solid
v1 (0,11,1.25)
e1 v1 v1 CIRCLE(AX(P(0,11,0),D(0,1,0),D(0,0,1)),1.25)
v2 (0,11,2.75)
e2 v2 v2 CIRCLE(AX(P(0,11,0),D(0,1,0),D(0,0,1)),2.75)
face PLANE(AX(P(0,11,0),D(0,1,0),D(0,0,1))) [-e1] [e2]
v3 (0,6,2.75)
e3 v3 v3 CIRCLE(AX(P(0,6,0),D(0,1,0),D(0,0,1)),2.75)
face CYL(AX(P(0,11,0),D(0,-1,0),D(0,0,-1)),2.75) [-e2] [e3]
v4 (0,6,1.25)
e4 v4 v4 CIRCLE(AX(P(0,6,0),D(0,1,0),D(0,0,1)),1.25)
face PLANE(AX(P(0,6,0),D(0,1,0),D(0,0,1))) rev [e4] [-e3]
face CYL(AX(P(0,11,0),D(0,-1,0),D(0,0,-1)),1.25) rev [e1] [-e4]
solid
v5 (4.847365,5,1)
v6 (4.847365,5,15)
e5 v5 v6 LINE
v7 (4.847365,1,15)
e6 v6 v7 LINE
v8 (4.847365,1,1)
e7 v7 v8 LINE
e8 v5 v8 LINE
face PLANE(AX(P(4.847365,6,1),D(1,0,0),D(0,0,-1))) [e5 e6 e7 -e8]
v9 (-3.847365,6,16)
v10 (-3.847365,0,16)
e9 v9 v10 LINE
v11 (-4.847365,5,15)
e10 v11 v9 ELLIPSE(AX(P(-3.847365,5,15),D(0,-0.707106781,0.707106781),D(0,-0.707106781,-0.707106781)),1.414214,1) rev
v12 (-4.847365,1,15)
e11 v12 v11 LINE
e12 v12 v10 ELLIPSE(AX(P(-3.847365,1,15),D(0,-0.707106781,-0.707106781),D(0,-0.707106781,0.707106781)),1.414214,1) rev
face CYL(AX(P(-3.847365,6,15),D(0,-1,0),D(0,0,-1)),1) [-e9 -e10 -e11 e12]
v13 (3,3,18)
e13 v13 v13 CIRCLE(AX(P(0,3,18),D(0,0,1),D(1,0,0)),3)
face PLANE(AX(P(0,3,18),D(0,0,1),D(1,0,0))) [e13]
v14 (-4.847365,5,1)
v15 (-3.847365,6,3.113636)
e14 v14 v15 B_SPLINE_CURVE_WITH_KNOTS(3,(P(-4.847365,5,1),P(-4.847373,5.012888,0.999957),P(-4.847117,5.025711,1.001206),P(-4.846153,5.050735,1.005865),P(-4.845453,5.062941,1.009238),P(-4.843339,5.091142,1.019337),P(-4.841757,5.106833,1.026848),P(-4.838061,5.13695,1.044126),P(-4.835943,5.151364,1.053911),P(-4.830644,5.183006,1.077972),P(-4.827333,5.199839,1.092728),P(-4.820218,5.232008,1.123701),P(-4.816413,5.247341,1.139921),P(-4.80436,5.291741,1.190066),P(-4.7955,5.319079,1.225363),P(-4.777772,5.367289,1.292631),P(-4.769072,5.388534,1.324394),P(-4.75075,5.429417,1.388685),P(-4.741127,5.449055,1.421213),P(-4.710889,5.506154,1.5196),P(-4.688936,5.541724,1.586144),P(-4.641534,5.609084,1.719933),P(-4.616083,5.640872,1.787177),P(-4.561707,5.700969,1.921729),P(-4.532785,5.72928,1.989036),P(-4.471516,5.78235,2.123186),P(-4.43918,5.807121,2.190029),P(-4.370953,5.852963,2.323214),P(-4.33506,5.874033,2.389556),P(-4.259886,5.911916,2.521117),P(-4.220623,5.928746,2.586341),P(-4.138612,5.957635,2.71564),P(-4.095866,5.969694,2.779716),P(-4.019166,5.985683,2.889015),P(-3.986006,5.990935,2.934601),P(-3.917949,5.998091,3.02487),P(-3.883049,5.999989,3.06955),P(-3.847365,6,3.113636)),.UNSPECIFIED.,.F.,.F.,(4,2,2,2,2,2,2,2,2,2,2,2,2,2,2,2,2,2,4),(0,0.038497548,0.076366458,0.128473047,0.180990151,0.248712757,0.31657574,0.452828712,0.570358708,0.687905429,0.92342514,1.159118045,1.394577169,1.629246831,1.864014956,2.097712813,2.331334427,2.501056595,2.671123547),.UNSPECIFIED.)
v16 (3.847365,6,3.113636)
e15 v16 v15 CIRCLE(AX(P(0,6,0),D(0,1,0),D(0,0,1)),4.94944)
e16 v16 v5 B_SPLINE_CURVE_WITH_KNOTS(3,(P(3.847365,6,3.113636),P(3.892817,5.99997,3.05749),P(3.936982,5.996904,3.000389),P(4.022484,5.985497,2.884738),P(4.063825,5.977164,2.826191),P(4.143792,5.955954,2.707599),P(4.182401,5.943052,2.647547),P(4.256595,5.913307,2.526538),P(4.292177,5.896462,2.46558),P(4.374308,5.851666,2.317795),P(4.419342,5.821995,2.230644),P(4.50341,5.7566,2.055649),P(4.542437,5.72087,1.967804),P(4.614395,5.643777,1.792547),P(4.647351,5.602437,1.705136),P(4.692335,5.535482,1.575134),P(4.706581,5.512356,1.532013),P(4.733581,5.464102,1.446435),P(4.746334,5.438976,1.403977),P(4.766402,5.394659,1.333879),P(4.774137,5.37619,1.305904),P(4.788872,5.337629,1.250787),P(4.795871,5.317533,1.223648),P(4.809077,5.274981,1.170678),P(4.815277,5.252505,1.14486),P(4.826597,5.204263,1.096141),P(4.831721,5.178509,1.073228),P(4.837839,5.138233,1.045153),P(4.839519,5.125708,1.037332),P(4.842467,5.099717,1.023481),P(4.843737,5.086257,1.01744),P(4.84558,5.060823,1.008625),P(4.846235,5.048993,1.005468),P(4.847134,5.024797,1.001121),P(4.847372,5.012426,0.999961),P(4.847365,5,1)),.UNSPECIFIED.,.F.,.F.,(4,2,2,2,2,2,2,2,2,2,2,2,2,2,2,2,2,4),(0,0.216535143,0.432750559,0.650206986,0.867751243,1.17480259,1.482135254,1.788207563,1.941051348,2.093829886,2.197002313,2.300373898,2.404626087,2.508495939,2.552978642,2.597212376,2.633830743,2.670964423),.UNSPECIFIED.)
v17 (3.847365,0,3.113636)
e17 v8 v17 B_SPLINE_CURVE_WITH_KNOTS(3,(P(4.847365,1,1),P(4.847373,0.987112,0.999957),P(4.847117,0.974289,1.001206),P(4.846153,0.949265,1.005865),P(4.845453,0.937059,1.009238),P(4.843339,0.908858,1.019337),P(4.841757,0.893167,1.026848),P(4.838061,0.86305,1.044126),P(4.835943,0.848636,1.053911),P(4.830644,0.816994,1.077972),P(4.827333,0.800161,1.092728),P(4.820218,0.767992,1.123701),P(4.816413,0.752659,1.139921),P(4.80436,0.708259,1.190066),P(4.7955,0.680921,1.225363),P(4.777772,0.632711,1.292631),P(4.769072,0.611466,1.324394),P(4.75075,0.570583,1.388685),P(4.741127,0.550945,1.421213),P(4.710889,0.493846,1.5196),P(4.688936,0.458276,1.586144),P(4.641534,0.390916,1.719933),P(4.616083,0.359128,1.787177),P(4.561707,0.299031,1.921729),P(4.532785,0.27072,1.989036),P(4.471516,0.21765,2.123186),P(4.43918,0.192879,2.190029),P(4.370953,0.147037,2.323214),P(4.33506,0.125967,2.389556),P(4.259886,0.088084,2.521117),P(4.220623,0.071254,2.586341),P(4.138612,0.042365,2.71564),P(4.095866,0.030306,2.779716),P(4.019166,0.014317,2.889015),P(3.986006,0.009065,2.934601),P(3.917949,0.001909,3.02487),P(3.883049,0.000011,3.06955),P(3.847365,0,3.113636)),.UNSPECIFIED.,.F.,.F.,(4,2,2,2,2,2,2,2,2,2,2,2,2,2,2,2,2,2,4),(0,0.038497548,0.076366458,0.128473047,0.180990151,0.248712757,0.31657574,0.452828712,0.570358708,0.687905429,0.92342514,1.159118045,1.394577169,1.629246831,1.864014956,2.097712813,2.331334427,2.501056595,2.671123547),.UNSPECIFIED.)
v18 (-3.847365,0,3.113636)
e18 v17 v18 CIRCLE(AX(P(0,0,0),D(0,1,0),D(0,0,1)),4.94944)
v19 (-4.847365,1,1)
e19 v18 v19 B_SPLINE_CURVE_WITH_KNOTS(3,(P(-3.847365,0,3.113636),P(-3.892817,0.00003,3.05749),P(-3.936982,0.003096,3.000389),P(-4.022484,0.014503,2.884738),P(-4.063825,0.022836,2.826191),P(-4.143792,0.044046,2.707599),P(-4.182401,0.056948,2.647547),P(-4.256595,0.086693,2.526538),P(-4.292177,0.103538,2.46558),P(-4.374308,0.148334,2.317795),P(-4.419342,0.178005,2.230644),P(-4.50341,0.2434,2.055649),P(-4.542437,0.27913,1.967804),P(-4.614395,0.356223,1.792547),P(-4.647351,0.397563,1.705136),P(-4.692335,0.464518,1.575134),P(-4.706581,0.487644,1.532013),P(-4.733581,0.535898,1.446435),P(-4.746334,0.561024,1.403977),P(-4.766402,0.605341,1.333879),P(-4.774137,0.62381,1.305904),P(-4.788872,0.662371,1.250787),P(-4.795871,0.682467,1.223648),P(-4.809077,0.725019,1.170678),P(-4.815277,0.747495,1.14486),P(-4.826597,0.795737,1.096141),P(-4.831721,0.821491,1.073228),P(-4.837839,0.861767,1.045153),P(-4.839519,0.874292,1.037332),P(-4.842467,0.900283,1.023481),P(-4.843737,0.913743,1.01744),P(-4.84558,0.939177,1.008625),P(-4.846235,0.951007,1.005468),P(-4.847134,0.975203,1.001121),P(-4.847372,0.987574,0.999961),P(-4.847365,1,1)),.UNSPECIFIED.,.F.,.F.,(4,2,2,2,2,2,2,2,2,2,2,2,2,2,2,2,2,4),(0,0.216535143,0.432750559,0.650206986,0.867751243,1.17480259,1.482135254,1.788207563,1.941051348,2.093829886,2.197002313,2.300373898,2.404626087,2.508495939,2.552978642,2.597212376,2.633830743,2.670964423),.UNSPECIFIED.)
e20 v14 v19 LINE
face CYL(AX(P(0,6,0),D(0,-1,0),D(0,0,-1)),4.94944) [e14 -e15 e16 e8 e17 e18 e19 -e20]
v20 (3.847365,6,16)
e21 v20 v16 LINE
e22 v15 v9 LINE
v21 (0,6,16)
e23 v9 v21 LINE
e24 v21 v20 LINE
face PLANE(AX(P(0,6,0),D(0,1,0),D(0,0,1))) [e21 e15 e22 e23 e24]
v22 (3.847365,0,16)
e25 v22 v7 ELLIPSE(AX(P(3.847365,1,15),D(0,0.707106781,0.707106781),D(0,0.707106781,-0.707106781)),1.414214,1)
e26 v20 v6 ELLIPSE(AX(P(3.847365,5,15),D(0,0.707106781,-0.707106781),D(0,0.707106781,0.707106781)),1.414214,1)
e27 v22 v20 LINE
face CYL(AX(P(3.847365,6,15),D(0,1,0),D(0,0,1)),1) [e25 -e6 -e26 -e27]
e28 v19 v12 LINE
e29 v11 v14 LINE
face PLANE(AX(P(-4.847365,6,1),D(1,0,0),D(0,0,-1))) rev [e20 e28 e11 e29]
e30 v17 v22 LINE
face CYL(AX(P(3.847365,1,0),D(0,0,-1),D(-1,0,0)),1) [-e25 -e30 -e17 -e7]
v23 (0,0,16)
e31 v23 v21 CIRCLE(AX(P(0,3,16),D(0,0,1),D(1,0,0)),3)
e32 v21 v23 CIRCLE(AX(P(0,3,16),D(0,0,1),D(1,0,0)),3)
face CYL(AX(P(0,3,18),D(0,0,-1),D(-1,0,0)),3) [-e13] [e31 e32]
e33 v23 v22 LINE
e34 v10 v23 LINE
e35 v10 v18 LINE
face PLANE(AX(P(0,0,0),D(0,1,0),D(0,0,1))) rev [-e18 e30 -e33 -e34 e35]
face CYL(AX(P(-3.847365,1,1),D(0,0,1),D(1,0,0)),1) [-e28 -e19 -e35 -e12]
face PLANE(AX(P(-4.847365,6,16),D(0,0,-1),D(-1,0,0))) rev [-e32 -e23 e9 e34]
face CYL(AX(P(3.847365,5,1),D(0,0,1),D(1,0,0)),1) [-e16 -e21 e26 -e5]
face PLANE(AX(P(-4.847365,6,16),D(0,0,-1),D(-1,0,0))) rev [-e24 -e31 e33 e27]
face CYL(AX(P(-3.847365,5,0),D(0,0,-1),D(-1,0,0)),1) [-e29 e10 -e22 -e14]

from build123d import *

# Parameters (mm, degrees)
EXTRUDE_1_DEPTH = 6
SKETCH_2_R      = 2.75
SKETCH_2_R_2    = 1.25
EXTRUDE_2_DEPTH = 5
SKETCH_3_R      = 3
EXTRUDE_3_DEPTH = 2
FILLET_1_R      = 1


with BuildPart() as part:
    # 草图1 → 凸台-拉伸1 (new body)
    with BuildSketch(Plane(origin=(0, 0, 0), x_dir=(1, 0, 0), z_dir=(0, 1, 0))):
        with BuildLine():
            Line((-4.847365484, -1), (-4.847365484, -16))
            Line((-4.847365484, -16), (4.847365484, -16))
            Line((4.847365484, -16), (4.847365484, -1))
            ThreePointArc((4.847365484, -1), (0, 4.949439578), (-4.847365484, -1))
        make_face()
    extrude(amount=EXTRUDE_1_DEPTH)

    # 草图3 → 凸台-拉伸3 (add)
    with BuildSketch(Plane.XY.offset(16)):
        with Locations(Location((0, 3, 0), (0, 0, 270))):
            Circle(SKETCH_3_R)
    extrude(amount=EXTRUDE_3_DEPTH)

    # 圆角1
    fillet_1_edges = [part.edges().sort_by_distance(p)[0] for p in [
        (-4.847365484, 6, 8.5),
        (4.847365484, 6, 8.5),
        (-4.847365484, 0, 8.5),
        (4.847365484, 0, 8.5),
        (-4.847365484, 3, 16),
        (4.847365484, 3, 16),
    ]]
    fillet(fillet_1_edges, radius=FILLET_1_R)


with BuildPart() as body_2:
    # 草图2 → 凸台-拉伸2 (new body)
    with BuildSketch(Plane(origin=(0, 6, 0), x_dir=(1, 0, 0), z_dir=(0, 1, 0))):
        with Locations(Location((0, 0, 0), (0, 0, 270))):
            Circle(SKETCH_2_R)
        with Locations(Location((0, 0, 0), (0, 0, 270))):
            Circle(SKETCH_2_R_2, mode=Mode.SUBTRACT)
    extrude(amount=EXTRUDE_2_DEPTH)


solid = Compound([part.part, body_2.part])
